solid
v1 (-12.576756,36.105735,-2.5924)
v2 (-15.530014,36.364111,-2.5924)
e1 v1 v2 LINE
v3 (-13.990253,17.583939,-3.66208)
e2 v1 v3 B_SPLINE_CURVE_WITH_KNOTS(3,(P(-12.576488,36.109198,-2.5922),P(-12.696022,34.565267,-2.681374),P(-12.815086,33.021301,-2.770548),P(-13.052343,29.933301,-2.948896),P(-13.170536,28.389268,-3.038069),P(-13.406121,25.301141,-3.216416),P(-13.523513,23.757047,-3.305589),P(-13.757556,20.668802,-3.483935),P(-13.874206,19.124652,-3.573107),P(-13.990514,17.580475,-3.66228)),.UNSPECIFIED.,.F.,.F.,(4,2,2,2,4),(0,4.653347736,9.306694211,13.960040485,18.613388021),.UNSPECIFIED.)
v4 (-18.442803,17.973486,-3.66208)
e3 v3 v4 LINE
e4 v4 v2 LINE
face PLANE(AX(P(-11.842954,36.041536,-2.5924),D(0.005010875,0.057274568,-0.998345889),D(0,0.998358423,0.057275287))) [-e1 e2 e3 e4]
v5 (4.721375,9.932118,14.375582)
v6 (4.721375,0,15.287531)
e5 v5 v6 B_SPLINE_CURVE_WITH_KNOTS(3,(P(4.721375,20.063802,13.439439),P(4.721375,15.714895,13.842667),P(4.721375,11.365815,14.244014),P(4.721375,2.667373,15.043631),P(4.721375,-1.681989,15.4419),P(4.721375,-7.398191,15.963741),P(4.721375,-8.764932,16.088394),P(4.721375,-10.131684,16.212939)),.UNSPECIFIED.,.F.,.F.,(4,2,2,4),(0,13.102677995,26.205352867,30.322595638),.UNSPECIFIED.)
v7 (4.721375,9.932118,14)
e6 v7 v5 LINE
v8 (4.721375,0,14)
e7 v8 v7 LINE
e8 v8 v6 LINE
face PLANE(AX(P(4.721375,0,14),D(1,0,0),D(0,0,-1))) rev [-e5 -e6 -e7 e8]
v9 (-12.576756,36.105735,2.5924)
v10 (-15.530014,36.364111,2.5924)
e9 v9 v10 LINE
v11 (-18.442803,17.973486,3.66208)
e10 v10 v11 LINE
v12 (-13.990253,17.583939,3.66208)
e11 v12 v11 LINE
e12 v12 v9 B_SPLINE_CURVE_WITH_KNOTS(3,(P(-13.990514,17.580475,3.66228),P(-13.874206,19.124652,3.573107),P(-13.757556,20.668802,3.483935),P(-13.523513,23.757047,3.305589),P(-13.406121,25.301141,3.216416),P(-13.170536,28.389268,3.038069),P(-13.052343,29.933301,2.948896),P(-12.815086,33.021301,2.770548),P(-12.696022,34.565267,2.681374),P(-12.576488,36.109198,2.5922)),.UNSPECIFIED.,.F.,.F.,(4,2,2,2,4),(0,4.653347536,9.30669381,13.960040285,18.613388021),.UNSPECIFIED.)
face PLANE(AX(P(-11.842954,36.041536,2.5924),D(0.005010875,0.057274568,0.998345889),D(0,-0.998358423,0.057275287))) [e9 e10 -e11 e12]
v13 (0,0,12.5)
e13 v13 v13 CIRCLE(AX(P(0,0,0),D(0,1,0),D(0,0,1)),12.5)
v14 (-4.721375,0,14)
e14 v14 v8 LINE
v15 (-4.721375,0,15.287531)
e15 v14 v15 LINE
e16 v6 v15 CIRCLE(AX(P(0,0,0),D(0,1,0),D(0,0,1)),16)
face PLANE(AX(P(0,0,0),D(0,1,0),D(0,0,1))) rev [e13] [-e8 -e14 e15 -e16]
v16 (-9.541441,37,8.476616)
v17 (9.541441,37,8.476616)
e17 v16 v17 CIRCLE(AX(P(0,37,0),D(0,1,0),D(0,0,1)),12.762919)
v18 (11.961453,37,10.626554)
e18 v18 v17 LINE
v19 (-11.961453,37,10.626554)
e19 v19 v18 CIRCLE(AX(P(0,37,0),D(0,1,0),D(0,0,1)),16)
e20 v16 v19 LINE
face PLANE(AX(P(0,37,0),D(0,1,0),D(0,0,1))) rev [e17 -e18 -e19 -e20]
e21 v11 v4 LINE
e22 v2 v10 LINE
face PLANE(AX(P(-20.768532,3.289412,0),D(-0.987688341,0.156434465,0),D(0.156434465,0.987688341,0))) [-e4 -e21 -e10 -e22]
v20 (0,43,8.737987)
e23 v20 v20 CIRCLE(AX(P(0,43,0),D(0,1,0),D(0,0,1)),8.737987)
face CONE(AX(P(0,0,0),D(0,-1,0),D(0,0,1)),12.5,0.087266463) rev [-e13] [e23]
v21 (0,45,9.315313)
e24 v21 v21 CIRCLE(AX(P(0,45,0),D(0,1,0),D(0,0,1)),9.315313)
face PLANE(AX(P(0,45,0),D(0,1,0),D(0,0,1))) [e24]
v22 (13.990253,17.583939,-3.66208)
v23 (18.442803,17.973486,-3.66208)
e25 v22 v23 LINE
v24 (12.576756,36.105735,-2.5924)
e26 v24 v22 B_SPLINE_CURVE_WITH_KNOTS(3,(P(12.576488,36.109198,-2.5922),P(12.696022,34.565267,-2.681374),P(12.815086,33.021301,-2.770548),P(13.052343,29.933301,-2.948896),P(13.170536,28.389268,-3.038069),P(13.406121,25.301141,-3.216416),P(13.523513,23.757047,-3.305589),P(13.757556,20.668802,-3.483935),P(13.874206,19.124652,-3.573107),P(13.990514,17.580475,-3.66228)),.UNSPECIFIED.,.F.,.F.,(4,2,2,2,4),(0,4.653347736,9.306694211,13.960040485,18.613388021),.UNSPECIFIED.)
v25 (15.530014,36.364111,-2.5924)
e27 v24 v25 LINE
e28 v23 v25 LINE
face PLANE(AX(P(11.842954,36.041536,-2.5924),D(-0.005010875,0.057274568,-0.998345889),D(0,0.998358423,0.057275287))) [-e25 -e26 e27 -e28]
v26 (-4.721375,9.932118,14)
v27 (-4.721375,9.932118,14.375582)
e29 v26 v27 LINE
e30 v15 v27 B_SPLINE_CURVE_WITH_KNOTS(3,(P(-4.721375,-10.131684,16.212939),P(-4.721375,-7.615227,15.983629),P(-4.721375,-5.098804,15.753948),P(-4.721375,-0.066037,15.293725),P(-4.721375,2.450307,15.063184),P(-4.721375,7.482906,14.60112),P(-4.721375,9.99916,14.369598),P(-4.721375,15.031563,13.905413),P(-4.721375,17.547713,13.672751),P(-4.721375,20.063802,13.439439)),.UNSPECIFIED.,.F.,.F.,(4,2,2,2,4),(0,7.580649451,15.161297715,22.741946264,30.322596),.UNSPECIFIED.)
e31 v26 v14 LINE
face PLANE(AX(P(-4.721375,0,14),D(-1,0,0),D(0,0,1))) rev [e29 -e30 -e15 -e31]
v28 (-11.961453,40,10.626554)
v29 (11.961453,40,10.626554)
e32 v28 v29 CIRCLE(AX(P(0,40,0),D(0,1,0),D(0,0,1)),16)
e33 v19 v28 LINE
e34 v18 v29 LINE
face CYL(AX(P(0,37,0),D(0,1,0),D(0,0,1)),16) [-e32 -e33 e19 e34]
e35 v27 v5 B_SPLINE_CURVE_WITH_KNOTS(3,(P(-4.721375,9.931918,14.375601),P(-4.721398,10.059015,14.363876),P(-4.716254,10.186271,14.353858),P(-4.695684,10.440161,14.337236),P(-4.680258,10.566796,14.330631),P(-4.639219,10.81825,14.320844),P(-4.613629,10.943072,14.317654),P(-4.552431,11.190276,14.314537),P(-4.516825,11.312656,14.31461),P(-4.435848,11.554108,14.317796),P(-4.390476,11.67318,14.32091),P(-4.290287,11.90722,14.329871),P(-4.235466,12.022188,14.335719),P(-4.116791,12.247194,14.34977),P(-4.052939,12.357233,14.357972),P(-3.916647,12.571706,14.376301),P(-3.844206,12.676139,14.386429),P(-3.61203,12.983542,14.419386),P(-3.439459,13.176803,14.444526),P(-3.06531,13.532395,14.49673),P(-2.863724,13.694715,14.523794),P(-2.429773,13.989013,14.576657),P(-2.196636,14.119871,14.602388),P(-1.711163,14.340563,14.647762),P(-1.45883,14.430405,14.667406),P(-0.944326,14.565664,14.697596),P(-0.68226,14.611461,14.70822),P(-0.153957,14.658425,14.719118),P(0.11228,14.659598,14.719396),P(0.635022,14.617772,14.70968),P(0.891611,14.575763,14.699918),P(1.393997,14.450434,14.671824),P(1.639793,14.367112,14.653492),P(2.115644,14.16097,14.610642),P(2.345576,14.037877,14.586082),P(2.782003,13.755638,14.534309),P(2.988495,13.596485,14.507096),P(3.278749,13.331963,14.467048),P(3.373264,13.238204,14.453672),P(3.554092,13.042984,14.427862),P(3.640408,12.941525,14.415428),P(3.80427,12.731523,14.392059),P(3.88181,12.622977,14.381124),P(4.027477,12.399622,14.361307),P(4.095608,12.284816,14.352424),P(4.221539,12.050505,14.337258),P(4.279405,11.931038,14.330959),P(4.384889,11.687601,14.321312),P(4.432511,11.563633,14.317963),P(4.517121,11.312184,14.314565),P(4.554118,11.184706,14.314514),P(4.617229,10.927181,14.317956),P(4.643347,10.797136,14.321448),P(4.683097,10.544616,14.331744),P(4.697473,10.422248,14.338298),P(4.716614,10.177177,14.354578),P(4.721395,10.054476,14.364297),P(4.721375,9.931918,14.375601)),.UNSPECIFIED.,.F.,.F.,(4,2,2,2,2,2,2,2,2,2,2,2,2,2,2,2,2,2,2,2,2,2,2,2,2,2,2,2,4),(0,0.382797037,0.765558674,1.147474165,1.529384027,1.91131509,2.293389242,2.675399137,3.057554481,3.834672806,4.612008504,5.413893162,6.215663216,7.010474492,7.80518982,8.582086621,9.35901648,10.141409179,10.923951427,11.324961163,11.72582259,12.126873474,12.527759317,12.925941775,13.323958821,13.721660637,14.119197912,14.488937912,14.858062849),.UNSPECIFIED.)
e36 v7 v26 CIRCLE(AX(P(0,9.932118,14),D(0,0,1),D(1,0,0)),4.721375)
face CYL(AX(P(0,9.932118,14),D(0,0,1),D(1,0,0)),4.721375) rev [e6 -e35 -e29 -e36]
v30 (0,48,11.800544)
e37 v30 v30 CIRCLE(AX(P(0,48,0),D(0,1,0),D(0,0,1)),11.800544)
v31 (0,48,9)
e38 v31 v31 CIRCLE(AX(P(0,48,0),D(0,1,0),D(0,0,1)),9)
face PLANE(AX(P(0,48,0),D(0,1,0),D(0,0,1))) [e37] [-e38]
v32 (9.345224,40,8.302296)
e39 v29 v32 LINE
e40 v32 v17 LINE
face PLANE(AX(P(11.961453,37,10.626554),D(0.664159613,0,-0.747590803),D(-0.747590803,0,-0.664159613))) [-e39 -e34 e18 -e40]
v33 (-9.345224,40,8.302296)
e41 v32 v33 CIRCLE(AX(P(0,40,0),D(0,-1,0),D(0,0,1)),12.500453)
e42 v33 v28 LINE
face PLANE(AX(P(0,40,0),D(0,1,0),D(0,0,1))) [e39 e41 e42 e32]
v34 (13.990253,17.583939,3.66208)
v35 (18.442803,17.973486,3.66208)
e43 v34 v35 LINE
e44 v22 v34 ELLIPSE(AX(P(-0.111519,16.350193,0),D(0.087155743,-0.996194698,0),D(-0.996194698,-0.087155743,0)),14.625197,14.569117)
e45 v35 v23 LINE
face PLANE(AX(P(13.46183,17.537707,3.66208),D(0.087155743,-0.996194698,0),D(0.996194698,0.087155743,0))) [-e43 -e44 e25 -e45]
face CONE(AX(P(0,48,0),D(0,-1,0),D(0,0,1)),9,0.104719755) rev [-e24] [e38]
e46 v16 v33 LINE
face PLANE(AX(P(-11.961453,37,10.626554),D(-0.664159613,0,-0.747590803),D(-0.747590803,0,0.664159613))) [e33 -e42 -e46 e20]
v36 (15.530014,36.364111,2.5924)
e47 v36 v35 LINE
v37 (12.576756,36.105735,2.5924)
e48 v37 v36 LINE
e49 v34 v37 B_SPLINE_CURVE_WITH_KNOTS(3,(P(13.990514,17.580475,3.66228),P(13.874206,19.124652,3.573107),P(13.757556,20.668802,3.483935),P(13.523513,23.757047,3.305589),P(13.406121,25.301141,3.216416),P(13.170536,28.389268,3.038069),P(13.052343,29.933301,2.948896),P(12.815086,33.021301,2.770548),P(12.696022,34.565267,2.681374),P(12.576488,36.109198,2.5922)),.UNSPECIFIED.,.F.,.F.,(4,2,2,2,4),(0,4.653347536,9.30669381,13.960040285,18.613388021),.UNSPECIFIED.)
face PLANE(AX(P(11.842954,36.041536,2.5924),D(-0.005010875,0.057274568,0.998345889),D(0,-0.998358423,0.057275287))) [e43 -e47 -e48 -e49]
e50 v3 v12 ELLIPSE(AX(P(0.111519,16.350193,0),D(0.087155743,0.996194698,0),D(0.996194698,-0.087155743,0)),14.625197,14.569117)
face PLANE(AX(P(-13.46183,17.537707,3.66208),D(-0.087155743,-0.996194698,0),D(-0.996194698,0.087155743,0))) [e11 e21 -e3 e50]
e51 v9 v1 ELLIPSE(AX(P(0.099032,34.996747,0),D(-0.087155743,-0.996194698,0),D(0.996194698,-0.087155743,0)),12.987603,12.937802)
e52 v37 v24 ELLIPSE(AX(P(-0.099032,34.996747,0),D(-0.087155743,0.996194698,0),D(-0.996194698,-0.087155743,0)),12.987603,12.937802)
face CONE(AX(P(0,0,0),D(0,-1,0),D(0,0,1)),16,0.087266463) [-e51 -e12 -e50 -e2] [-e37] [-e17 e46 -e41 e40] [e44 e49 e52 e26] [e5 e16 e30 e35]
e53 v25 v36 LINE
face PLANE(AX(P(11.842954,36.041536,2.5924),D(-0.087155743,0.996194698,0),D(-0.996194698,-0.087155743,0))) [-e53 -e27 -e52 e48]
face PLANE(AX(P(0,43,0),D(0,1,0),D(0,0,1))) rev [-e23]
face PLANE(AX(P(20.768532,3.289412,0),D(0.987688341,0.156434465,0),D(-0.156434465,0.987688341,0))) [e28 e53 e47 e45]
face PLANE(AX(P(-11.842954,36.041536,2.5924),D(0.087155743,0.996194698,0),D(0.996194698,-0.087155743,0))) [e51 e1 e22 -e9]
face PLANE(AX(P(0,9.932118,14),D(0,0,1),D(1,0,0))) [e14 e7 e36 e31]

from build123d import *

# Parameters (mm, degrees)
SKETCH_1_R           = 16
EXTRUDE_1_DEPTH      = 48
EXTRUDE_1_TAPER      = 5
SKETCH_2_R           = 9
CUT_EXTRUDE_1_DEPTH  = 3
CUT_EXTRUDE_1_DRAFT  = 6
CUT_EXTRUDE_2_DEPTH  = 2
SKETCH_6_R           = 12.5
CUT_EXTRUDE_3_DEPTH  = 43
CUT_EXTRUDE_3_TAPER  = 5
EXTRUDE_2_DEPTH      = 3
EXTRUDE_3_DEPTH      = 4
EXTRUDE_3_DEPTH_BACK = 1
CUT_EXTRUDE_5_DEPTH  = 5


with BuildPart() as part:
    # 草图1 → 凸台-拉伸1 (new body)
    with BuildSketch(Plane(origin=(0, 0, 0), x_dir=(1, 0, 0), z_dir=(0, 1, 0))):
        Circle(SKETCH_1_R)
    extrude(amount=EXTRUDE_1_DEPTH, taper=EXTRUDE_1_TAPER)


with BuildPart() as cut_extrude_1_tool:
    # 草图2 → 切除-拉伸1 (with draft: the straight prism first)
    with BuildSketch(Plane(origin=(0, 48, 0), x_dir=(1, 0, 0), z_dir=(0, 1, 0))):
        Circle(SKETCH_2_R)
    extrude(amount=-CUT_EXTRUDE_1_DEPTH)
    # 切除-拉伸1: the draft: its side faces are tilted about the plane it starts from
    cut_extrude_1_sides = [cut_extrude_1_tool.faces().sort_by_distance(p)[0] for p in [
        (-9, 46.5, 0),
    ]]
    draft(cut_extrude_1_sides, Plane(origin=(0, 48, 0), x_dir=(1, 0, 0), z_dir=(0, 1, 0)), CUT_EXTRUDE_1_DRAFT)


with BuildPart() as part_1:
    add(part.part)

    # 切除-拉伸1: cut by cut_extrude_1_tool
    add(cut_extrude_1_tool.part, mode=Mode.SUBTRACT)

    # 草图3 → 切除-拉伸2 (cut)
    with BuildSketch(Plane.XY.offset(16)):
        with BuildLine():
            Line((-4.721374977, 0), (4.721374977, 0))
            Line((4.721374977, 0), (4.721374977, 9.932117857))
            ThreePointArc((4.721374977, 9.932117857), (0, 14.653492833), (-4.721374977, 9.932117857))
            Line((-4.721374977, 9.932117857), (-4.721374977, 0))
        make_face()
    extrude(amount=-CUT_EXTRUDE_2_DEPTH, mode=Mode.SUBTRACT)

    # 草图6 → 切除-拉伸3 (cut)
    with BuildSketch(Plane(origin=(0, 0, 0), x_dir=(1, 0, 0), z_dir=(0, 1, 0))):
        Circle(SKETCH_6_R)
    extrude(amount=CUT_EXTRUDE_3_DEPTH, taper=CUT_EXTRUDE_3_TAPER, mode=Mode.SUBTRACT)

    # 草图8 → 凸台-拉伸2 (add)
    with BuildSketch(Plane(origin=(0, 40, 0), x_dir=(1, 0, 0), z_dir=(0, 1, 0))):
        with BuildLine():
            Line((-11.961452846, -10.626553807), (-9.345224038, -8.302296331))
            ThreePointArc((-9.345224038, -8.302296331), (0, -12.500453459), (9.345224038, -8.302296331))
            Line((9.345224038, -8.302296331), (11.961452846, -10.626553807))
            ThreePointArc((11.961452846, -10.626553807), (0, -16), (-11.961452846, -10.626553807))
        make_face()
    extrude(amount=-EXTRUDE_2_DEPTH)

    # 草图9 → 凸台-拉伸3 (add, two sides: drawn at the far end of the back side and taken through both)
    with BuildSketch(Plane(origin=(15.878462024, 1.389185421, 0), x_dir=(0, 0, -1), z_dir=(0.9961946980917457, 0.0871557427476584, 0)).offset(-EXTRUDE_3_DEPTH_BACK)):
        Polygon((-2.592399587, 34.872205125), (2.592399587, 34.872205125), (3.662079691, 16.297695401), (-3.662079691, 16.297695401), align=None)
    extrude(amount=EXTRUDE_3_DEPTH + EXTRUDE_3_DEPTH_BACK)

    # 草图11 → 切除-拉伸5 (cut)
    with BuildSketch(Plane(origin=(20.768531886, 3.289412299, 0), x_dir=(0, 0, -1), z_dir=(0.9876883405951382, 0.15643446504022776, 0))):
        Polygon((2.592399587, 33.486979454), (-2.592399587, 33.486979454), (-3.662079691, 14.86711267), (3.662079691, 14.86711267), align=None)
    extrude(amount=CUT_EXTRUDE_5_DEPTH, mode=Mode.SUBTRACT)

    # 镜向1: part across plane


with BuildPart() as part_2:
    add(part_1.part)
    add(part_1.part.mirror(Plane(origin=(0, 0, 0), x_dir=(0, 0, 1), z_dir=(1, 0, 0))))


solid = part_2.part
